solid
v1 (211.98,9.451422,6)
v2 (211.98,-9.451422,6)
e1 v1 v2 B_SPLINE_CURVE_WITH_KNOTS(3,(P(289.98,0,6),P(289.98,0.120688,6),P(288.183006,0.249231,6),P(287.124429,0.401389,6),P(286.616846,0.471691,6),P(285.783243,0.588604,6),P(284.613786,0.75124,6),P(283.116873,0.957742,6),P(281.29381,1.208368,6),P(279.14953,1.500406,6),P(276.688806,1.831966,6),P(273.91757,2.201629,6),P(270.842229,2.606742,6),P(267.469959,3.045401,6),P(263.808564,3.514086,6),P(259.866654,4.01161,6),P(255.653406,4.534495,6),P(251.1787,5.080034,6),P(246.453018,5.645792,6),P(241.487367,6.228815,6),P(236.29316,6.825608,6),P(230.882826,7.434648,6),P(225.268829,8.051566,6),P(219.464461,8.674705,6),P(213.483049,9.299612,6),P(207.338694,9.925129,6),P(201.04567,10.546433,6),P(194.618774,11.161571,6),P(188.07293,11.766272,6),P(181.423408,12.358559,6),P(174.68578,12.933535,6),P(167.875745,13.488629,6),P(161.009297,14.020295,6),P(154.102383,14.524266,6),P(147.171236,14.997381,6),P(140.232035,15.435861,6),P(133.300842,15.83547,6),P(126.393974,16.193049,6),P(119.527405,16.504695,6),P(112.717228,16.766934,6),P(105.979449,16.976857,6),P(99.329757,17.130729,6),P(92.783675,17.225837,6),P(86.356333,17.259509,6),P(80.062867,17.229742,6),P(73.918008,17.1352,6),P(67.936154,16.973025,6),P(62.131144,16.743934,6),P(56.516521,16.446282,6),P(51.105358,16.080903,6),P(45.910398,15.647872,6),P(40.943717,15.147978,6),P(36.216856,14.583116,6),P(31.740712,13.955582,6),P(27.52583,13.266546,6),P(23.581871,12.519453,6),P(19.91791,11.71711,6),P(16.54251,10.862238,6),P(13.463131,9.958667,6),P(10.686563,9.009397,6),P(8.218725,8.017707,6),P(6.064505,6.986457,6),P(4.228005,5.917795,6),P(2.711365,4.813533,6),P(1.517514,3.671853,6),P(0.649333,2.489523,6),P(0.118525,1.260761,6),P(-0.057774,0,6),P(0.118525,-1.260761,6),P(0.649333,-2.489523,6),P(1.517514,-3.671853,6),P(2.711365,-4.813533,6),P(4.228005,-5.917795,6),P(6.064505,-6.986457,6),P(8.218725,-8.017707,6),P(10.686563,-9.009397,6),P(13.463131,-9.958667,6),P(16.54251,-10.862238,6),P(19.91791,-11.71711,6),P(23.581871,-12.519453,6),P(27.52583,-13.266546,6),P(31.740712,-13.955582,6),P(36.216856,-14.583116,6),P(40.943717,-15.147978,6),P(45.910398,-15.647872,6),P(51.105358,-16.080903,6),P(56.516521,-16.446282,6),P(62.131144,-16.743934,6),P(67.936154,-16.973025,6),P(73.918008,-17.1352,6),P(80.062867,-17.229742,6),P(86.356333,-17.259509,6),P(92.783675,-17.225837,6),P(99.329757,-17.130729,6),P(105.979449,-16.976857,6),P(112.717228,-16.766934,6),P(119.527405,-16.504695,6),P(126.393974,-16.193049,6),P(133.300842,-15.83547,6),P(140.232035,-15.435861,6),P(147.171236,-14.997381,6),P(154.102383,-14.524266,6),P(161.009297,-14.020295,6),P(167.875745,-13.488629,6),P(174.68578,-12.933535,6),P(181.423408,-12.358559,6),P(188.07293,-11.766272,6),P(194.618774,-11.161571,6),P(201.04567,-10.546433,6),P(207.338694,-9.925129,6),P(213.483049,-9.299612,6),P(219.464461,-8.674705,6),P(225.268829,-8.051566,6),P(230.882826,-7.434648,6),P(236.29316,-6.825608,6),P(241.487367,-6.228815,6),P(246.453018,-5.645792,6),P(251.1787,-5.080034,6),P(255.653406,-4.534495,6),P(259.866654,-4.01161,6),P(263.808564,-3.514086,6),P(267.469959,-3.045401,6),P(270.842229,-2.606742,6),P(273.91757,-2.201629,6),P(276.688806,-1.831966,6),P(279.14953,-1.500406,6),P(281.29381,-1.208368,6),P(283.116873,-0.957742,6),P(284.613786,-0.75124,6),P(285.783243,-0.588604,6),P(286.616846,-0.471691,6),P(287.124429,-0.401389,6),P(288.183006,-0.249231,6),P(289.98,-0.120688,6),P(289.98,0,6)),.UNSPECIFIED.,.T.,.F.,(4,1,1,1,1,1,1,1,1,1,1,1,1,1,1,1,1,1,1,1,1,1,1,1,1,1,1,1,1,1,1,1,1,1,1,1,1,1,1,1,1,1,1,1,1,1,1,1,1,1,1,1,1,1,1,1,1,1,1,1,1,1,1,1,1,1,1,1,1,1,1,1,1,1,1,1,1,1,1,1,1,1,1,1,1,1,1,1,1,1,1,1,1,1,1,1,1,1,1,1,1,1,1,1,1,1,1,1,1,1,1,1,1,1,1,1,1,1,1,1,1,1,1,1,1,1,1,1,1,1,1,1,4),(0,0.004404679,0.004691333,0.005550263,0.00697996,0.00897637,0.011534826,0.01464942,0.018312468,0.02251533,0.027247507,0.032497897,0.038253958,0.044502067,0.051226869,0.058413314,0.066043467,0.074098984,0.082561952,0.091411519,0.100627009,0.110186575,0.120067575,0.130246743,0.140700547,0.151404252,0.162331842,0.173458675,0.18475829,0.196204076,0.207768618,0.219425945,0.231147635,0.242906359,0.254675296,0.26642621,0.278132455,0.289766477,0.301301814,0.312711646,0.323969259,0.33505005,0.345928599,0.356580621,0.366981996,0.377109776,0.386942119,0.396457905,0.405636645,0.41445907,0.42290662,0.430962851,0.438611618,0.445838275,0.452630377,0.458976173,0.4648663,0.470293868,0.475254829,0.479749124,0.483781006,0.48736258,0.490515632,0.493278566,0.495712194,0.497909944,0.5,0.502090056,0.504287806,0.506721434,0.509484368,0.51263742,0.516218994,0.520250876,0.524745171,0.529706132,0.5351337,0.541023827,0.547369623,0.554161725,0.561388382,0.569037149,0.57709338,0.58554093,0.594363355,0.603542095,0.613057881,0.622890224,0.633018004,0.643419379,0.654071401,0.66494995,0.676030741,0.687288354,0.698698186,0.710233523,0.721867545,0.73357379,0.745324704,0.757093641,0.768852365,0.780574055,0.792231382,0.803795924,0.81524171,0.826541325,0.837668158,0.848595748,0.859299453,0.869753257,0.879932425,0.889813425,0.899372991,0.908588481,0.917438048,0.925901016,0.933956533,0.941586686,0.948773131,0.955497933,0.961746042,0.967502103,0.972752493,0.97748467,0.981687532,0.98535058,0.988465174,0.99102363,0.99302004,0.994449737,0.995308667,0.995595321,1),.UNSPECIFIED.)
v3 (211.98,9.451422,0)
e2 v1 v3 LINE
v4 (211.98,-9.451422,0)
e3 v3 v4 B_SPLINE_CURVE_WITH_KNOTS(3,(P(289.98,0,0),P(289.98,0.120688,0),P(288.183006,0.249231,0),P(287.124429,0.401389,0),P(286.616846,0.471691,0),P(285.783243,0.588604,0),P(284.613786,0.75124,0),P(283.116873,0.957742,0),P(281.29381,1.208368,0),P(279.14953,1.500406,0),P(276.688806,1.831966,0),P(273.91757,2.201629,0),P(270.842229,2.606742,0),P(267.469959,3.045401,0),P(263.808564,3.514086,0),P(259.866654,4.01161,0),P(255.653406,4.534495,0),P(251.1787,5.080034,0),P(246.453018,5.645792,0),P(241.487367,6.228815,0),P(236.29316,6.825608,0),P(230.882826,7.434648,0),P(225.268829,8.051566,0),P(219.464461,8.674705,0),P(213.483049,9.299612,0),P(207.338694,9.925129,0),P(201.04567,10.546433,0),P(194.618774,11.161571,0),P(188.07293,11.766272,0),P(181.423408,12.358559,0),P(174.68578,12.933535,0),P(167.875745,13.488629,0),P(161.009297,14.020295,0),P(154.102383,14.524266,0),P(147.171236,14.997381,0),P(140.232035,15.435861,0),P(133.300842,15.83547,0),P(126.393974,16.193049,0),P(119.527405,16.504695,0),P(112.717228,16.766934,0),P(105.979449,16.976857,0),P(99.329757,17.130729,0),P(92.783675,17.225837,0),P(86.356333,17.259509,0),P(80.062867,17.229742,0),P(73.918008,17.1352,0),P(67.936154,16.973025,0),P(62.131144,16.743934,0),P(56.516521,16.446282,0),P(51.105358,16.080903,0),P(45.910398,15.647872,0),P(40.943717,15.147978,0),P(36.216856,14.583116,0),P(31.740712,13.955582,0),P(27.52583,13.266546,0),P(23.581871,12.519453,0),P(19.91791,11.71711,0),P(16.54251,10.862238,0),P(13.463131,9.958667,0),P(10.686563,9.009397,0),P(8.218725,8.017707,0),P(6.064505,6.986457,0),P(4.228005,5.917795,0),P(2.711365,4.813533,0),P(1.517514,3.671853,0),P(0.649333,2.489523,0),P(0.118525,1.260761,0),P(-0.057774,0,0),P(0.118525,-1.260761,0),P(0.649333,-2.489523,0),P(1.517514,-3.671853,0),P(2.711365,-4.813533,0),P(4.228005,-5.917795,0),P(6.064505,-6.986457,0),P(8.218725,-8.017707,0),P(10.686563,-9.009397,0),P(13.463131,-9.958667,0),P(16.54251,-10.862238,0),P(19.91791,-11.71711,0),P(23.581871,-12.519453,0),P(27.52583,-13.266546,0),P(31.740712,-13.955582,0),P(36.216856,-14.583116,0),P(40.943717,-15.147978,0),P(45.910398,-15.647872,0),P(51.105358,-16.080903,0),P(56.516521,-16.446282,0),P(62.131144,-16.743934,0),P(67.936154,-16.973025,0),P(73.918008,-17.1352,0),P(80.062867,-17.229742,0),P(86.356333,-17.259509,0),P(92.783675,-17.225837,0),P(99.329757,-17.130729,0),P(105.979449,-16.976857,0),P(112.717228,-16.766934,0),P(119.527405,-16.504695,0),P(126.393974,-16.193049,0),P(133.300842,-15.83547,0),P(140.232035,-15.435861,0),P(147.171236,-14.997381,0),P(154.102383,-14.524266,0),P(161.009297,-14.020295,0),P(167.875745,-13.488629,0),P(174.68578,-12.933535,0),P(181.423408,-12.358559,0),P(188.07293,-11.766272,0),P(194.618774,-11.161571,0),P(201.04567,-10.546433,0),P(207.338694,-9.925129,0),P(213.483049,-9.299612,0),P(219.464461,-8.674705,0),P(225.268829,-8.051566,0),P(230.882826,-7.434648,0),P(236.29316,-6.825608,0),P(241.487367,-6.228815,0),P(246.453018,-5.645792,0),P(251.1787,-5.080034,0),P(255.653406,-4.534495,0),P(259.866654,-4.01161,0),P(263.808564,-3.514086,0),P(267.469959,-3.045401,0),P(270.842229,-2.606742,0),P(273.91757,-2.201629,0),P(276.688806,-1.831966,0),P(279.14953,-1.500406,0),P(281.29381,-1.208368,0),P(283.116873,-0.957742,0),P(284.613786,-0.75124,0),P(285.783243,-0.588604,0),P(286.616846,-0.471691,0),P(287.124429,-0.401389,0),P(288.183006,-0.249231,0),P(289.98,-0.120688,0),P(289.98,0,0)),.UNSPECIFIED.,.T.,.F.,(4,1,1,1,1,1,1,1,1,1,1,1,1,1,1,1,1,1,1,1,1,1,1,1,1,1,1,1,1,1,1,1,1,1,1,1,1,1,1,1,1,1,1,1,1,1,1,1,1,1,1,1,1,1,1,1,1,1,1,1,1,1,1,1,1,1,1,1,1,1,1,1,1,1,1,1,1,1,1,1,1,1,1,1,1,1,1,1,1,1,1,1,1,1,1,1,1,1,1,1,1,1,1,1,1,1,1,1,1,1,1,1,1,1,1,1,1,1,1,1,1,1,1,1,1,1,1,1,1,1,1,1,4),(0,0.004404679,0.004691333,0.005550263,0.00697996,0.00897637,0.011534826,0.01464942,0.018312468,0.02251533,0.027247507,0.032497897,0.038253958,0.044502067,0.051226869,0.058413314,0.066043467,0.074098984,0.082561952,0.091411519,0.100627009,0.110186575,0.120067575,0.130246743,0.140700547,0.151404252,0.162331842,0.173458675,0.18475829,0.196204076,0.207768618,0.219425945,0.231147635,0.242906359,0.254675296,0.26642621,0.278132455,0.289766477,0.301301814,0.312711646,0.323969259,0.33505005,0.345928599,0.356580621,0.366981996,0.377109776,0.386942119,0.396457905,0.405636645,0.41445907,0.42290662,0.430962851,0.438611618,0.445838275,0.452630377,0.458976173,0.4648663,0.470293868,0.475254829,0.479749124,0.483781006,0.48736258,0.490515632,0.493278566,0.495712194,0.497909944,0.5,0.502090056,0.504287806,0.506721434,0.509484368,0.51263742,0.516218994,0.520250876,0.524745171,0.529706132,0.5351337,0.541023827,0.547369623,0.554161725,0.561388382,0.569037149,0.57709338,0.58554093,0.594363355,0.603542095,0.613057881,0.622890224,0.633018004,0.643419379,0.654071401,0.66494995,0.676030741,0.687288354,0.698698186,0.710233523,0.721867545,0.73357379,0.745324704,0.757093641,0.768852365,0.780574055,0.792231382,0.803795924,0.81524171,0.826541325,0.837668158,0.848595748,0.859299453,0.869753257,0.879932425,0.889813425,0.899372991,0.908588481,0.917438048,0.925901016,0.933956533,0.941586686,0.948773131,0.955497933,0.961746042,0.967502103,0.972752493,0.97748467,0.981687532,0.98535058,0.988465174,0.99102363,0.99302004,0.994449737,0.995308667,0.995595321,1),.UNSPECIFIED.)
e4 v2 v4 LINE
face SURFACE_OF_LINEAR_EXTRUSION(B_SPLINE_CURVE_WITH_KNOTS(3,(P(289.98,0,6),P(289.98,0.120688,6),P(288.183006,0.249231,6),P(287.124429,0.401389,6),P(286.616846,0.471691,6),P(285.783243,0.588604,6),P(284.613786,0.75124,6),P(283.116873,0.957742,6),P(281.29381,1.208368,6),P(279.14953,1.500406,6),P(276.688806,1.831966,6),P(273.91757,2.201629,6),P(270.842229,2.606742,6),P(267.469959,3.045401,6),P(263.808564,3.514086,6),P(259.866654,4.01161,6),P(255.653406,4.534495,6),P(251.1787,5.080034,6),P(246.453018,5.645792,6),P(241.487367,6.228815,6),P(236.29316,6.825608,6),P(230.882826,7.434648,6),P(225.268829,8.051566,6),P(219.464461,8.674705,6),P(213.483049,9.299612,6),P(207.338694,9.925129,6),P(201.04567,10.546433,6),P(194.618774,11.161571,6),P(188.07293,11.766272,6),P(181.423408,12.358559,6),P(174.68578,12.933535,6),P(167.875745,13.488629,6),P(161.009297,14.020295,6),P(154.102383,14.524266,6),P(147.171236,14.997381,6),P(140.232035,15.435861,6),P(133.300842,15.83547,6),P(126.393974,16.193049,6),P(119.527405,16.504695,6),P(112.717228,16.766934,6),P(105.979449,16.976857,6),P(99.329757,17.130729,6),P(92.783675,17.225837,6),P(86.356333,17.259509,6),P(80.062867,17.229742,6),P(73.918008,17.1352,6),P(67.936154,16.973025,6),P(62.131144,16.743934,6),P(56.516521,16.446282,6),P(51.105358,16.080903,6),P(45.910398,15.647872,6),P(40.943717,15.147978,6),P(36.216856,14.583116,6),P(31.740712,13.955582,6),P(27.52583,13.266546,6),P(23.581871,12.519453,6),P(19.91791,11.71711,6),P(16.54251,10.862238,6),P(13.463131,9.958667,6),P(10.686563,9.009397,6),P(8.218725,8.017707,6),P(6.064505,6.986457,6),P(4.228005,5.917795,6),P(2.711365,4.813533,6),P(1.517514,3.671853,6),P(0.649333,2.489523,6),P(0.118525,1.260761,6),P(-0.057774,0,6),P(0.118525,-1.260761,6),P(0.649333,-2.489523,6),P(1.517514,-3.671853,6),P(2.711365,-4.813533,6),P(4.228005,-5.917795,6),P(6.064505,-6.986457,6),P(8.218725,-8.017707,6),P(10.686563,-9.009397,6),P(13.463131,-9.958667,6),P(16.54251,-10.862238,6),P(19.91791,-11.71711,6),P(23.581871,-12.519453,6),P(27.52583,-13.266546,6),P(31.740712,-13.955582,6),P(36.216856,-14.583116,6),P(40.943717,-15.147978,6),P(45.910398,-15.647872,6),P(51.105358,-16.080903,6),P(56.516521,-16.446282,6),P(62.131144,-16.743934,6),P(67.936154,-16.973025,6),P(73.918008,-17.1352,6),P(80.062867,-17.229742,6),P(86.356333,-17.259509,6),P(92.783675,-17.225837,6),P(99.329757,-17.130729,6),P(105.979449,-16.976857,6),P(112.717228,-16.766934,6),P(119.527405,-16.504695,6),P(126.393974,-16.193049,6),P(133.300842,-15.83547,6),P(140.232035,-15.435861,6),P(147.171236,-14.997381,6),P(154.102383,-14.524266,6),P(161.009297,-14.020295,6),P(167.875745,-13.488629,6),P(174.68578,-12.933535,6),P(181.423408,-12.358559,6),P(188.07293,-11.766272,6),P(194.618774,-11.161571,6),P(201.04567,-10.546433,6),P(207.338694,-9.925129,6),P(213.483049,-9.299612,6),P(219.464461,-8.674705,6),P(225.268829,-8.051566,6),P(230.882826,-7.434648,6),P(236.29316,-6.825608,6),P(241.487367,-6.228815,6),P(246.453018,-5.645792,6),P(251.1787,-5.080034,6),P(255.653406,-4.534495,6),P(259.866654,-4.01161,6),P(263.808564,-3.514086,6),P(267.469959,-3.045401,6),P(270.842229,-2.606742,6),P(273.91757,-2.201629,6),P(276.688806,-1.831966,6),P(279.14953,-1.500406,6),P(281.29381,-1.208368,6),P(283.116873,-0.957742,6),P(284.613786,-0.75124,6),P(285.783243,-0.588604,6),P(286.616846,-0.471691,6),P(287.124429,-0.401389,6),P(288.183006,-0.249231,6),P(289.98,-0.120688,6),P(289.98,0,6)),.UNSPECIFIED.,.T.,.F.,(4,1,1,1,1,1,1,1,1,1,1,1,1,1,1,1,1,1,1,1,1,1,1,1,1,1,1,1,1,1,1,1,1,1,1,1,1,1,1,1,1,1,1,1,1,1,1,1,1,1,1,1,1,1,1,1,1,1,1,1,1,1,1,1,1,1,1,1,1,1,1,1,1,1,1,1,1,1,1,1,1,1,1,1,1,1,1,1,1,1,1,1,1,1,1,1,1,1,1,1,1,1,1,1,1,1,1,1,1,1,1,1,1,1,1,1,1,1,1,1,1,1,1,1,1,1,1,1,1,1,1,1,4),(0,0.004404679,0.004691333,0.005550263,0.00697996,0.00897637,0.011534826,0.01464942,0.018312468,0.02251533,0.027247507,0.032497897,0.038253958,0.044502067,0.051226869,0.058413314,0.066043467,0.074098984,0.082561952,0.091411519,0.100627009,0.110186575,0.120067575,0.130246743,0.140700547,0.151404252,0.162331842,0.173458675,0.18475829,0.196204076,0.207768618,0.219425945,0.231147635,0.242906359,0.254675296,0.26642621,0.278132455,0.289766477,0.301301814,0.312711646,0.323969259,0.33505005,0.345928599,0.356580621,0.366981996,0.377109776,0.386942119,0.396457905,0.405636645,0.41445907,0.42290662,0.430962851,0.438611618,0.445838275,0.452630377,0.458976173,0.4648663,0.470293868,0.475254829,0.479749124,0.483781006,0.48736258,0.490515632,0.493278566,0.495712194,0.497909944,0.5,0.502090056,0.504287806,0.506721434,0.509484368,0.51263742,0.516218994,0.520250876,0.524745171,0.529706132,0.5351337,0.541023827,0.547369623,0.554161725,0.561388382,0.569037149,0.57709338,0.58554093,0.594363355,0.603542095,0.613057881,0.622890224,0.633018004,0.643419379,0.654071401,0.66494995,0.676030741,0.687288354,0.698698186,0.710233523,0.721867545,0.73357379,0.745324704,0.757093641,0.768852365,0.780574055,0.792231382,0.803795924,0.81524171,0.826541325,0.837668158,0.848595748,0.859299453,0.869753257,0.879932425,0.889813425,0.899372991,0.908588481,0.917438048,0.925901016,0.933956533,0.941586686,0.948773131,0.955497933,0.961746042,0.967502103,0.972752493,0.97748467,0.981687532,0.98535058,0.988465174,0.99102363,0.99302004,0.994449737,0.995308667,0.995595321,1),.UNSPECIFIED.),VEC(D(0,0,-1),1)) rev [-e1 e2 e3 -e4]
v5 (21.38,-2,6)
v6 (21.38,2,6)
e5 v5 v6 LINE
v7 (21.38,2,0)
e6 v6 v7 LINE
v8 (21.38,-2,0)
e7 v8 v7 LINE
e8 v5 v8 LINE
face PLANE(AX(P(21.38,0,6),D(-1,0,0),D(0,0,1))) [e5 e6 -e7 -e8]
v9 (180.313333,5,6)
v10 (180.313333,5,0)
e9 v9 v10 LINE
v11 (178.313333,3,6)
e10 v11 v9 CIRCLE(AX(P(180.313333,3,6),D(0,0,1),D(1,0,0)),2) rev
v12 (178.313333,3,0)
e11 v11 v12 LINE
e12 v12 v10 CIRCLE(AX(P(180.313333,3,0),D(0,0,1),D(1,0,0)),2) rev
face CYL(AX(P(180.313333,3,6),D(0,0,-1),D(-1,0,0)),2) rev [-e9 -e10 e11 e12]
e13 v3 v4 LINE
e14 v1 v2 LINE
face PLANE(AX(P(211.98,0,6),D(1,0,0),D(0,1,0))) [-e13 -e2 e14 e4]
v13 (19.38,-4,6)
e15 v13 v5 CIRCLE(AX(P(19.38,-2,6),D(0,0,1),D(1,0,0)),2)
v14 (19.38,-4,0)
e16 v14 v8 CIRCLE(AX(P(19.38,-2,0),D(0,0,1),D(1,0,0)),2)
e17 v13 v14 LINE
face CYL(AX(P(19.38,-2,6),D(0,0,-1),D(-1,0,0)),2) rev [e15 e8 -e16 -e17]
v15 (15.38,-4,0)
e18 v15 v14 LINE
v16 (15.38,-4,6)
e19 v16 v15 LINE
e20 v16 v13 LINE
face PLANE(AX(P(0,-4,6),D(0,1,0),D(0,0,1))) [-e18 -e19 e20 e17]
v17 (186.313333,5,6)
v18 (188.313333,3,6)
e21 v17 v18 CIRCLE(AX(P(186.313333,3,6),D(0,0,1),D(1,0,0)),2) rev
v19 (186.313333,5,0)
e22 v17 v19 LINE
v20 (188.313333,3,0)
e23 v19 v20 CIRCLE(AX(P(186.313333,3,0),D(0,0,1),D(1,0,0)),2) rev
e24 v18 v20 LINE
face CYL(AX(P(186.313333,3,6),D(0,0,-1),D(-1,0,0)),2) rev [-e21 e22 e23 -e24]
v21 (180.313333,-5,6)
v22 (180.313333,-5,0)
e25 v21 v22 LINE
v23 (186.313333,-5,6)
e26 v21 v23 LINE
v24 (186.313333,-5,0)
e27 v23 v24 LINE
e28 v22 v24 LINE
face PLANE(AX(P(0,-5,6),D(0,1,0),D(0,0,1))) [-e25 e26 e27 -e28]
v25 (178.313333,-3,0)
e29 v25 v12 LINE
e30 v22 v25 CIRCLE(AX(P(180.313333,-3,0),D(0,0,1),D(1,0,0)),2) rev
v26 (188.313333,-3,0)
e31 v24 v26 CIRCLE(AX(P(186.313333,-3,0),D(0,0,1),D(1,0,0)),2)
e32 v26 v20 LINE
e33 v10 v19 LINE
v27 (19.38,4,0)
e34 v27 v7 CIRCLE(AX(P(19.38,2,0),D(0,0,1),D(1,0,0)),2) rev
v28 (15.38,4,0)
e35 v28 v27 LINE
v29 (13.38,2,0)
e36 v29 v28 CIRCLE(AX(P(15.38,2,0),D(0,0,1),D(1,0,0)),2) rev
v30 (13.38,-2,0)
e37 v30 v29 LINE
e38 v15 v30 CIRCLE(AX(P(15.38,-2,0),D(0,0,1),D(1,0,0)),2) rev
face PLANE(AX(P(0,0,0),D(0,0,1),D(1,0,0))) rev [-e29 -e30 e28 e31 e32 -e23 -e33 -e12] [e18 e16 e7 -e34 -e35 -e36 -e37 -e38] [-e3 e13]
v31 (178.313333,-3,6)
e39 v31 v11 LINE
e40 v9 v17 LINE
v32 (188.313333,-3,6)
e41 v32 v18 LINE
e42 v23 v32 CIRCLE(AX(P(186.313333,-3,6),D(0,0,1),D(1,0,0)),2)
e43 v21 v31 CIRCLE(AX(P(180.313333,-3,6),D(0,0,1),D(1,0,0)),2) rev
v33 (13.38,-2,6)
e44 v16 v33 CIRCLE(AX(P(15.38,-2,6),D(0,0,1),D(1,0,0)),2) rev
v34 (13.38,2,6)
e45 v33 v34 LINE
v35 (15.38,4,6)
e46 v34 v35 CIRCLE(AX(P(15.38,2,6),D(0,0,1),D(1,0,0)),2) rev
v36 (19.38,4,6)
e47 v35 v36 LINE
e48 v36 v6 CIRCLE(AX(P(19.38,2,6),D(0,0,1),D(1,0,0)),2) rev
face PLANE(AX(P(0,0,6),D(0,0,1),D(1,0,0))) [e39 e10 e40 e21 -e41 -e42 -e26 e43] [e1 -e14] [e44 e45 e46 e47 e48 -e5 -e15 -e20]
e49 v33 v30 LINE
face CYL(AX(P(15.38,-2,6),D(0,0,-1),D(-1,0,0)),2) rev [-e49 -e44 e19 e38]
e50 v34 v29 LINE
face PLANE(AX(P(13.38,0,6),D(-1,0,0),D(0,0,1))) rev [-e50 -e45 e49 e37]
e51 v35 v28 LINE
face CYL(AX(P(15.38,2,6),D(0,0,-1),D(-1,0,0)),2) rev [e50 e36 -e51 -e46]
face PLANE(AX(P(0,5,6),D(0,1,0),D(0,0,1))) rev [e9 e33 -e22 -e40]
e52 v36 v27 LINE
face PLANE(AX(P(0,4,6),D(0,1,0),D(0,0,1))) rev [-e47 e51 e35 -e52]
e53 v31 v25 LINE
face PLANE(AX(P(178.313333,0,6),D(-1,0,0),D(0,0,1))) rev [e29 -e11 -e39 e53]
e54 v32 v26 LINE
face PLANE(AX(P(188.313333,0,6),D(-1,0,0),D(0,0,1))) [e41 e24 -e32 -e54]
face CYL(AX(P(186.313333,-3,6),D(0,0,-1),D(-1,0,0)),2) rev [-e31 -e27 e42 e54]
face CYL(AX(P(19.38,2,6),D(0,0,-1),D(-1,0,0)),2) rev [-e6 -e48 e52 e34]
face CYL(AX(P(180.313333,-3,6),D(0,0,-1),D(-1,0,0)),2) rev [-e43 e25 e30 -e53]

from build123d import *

# Parameters (mm, degrees)
RESSALTO_EXTRUS_O2_DEPTH = 6


with BuildPart() as part:
    # Esboço2 → Ressalto-extrusão2 (new body)
    with BuildSketch(Plane.XY):
        with BuildLine():
            Line((211.98, -9.451422222), (211.98, 9.451422222))
            add(Edge.make_bspline(
                [(211.98, 9.451422222), (210.449293437, 9.6082597), (206.819610413, 9.976377796), (201.045670114, 10.546432553), (194.618773945, 11.161570986), (188.072930048, 11.766272127), (181.423408252, 12.35855894), (174.685779509, 12.933535128), (167.875745185, 13.488628836), (161.009296544, 14.020295186), (154.102382848, 14.524266213), (147.171235613, 14.997381045), (140.232034626, 15.435860534), (133.300841971, 15.835469997), (126.393974261, 16.193049272), (119.527405079, 16.504694666), (112.717227702, 16.766934428), (105.979449387, 16.976857245), (99.329757113, 17.130729048), (92.783675138, 17.225837176), (86.356332786, 17.259508518), (80.062867459, 17.229742246), (73.918008224, 17.135200057), (67.936154462, 16.973024782), (62.131143707, 16.743934103), (56.516521191, 16.446281932), (51.10535847, 16.080902551), (45.910397606, 15.647872135), (40.943716573, 15.147977745), (36.216855618, 14.583115692), (31.740712003, 13.955581996), (27.52583046, 13.266546424), (23.581870696, 12.519452682), (19.917909677, 11.717109927), (16.542510367, 10.862238058), (13.463131357, 9.958666716), (10.686562668, 9.009396685), (8.218725484, 8.01770653), (6.064505003, 6.986457086), (4.228005296, 5.917795368), (2.711364889, 4.813532964), (1.517514344, 3.671853427), (0.649332664, 2.489522568), (0.118525016, 1.260761292), (-0.057774056, 0), (0.118525016, -1.260761292), (0.649332664, -2.489522568), (1.517514344, -3.671853427), (2.711364889, -4.813532964), (4.228005296, -5.917795368), (6.064505003, -6.986457086), (8.218725484, -8.01770653), (10.686562668, -9.009396685), (13.463131357, -9.958666716), (16.542510367, -10.862238058), (19.917909677, -11.717109927), (23.581870696, -12.519452682), (27.52583046, -13.266546424), (31.740712003, -13.955581996), (36.216855618, -14.583115692), (40.943716573, -15.147977745), (45.910397606, -15.647872135), (51.10535847, -16.080902551), (56.516521191, -16.446281932), (62.131143707, -16.743934103), (67.936154462, -16.973024782), (73.918008224, -17.135200057), (80.062867459, -17.229742246), (86.356332786, -17.259508518), (92.783675138, -17.225837176), (99.329757113, -17.130729048), (105.979449387, -16.976857245), (112.717227702, -16.766934428), (119.527405079, -16.504694666), (126.393974261, -16.193049272), (133.300841971, -15.835469997), (140.232034626, -15.435860534), (147.171235613, -14.997381045), (154.102382848, -14.524266213), (161.009296544, -14.020295186), (167.875745185, -13.488628836), (174.685779509, -12.933535128), (181.423408252, -12.35855894), (188.072930048, -11.766272127), (194.618773945, -11.161570986), (201.045670114, -10.546432553), (206.819610413, -9.976377796), (210.449293437, -9.6082597), (211.98, -9.451422222)],
                knots=[0.132893301, 0.132893301, 0.132893301, 0.132893301, 0.140700547, 0.151404252, 0.162331842, 0.173458675, 0.18475829, 0.196204076, 0.207768618, 0.219425945, 0.231147635, 0.242906359, 0.254675296, 0.26642621, 0.278132455, 0.289766477, 0.301301814, 0.312711646, 0.323969259, 0.33505005, 0.345928599, 0.356580621, 0.366981996, 0.377109776, 0.386942119, 0.396457905, 0.405636645, 0.41445907, 0.42290662, 0.430962851, 0.438611618, 0.445838275, 0.452630377, 0.458976173, 0.4648663, 0.470293868, 0.475254829, 0.479749124, 0.483781006, 0.48736258, 0.490515632, 0.493278566, 0.495712194, 0.497909944, 0.5, 0.502090056, 0.504287806, 0.506721434, 0.509484368, 0.51263742, 0.516218994, 0.520250876, 0.524745171, 0.529706132, 0.5351337, 0.541023827, 0.547369623, 0.554161725, 0.561388382, 0.569037149, 0.57709338, 0.58554093, 0.594363355, 0.603542095, 0.613057881, 0.622890224, 0.633018004, 0.643419379, 0.654071401, 0.66494995, 0.676030741, 0.687288354, 0.698698186, 0.710233523, 0.721867545, 0.73357379, 0.745324704, 0.757093641, 0.768852365, 0.780574055, 0.792231382, 0.803795924, 0.81524171, 0.826541325, 0.837668158, 0.848595748, 0.859299453, 0.867106699, 0.867106699, 0.867106699, 0.867106699], degree=3))
        make_face()
        with BuildLine():
            Line((186.31333333, -5), (180.31333333, -5))
            ThreePointArc((180.31333333, -5), (178.899119768, -4.414213562), (178.31333333, -3))
            Line((178.31333333, -3), (178.31333333, 3))
            ThreePointArc((178.31333333, 3), (178.899119768, 4.414213562), (180.31333333, 5))
            Line((180.31333333, 5), (186.31333333, 5))
            ThreePointArc((186.31333333, 5), (187.727546892, 4.414213562), (188.31333333, 3))
            Line((188.31333333, 3), (188.31333333, -3))
            ThreePointArc((188.31333333, -3), (187.727546892, -4.414213562), (186.31333333, -5))
        make_face(mode=Mode.SUBTRACT)
        with BuildLine():
            Line((19.38, -4), (15.38, -4))
            ThreePointArc((15.38, -4), (13.965786438, -3.414213562), (13.38, -2))
            Line((13.38, -2), (13.38, 2))
            ThreePointArc((13.38, 2), (13.965786438, 3.414213562), (15.38, 4))
            Line((15.38, 4), (19.38, 4))
            ThreePointArc((19.38, 4), (20.794213562, 3.414213562), (21.38, 2))
            Line((21.38, 2), (21.38, -2))
            ThreePointArc((21.38, -2), (20.794213562, -3.414213562), (19.38, -4))
        make_face(mode=Mode.SUBTRACT)
    extrude(amount=RESSALTO_EXTRUS_O2_DEPTH)


solid = part.part
